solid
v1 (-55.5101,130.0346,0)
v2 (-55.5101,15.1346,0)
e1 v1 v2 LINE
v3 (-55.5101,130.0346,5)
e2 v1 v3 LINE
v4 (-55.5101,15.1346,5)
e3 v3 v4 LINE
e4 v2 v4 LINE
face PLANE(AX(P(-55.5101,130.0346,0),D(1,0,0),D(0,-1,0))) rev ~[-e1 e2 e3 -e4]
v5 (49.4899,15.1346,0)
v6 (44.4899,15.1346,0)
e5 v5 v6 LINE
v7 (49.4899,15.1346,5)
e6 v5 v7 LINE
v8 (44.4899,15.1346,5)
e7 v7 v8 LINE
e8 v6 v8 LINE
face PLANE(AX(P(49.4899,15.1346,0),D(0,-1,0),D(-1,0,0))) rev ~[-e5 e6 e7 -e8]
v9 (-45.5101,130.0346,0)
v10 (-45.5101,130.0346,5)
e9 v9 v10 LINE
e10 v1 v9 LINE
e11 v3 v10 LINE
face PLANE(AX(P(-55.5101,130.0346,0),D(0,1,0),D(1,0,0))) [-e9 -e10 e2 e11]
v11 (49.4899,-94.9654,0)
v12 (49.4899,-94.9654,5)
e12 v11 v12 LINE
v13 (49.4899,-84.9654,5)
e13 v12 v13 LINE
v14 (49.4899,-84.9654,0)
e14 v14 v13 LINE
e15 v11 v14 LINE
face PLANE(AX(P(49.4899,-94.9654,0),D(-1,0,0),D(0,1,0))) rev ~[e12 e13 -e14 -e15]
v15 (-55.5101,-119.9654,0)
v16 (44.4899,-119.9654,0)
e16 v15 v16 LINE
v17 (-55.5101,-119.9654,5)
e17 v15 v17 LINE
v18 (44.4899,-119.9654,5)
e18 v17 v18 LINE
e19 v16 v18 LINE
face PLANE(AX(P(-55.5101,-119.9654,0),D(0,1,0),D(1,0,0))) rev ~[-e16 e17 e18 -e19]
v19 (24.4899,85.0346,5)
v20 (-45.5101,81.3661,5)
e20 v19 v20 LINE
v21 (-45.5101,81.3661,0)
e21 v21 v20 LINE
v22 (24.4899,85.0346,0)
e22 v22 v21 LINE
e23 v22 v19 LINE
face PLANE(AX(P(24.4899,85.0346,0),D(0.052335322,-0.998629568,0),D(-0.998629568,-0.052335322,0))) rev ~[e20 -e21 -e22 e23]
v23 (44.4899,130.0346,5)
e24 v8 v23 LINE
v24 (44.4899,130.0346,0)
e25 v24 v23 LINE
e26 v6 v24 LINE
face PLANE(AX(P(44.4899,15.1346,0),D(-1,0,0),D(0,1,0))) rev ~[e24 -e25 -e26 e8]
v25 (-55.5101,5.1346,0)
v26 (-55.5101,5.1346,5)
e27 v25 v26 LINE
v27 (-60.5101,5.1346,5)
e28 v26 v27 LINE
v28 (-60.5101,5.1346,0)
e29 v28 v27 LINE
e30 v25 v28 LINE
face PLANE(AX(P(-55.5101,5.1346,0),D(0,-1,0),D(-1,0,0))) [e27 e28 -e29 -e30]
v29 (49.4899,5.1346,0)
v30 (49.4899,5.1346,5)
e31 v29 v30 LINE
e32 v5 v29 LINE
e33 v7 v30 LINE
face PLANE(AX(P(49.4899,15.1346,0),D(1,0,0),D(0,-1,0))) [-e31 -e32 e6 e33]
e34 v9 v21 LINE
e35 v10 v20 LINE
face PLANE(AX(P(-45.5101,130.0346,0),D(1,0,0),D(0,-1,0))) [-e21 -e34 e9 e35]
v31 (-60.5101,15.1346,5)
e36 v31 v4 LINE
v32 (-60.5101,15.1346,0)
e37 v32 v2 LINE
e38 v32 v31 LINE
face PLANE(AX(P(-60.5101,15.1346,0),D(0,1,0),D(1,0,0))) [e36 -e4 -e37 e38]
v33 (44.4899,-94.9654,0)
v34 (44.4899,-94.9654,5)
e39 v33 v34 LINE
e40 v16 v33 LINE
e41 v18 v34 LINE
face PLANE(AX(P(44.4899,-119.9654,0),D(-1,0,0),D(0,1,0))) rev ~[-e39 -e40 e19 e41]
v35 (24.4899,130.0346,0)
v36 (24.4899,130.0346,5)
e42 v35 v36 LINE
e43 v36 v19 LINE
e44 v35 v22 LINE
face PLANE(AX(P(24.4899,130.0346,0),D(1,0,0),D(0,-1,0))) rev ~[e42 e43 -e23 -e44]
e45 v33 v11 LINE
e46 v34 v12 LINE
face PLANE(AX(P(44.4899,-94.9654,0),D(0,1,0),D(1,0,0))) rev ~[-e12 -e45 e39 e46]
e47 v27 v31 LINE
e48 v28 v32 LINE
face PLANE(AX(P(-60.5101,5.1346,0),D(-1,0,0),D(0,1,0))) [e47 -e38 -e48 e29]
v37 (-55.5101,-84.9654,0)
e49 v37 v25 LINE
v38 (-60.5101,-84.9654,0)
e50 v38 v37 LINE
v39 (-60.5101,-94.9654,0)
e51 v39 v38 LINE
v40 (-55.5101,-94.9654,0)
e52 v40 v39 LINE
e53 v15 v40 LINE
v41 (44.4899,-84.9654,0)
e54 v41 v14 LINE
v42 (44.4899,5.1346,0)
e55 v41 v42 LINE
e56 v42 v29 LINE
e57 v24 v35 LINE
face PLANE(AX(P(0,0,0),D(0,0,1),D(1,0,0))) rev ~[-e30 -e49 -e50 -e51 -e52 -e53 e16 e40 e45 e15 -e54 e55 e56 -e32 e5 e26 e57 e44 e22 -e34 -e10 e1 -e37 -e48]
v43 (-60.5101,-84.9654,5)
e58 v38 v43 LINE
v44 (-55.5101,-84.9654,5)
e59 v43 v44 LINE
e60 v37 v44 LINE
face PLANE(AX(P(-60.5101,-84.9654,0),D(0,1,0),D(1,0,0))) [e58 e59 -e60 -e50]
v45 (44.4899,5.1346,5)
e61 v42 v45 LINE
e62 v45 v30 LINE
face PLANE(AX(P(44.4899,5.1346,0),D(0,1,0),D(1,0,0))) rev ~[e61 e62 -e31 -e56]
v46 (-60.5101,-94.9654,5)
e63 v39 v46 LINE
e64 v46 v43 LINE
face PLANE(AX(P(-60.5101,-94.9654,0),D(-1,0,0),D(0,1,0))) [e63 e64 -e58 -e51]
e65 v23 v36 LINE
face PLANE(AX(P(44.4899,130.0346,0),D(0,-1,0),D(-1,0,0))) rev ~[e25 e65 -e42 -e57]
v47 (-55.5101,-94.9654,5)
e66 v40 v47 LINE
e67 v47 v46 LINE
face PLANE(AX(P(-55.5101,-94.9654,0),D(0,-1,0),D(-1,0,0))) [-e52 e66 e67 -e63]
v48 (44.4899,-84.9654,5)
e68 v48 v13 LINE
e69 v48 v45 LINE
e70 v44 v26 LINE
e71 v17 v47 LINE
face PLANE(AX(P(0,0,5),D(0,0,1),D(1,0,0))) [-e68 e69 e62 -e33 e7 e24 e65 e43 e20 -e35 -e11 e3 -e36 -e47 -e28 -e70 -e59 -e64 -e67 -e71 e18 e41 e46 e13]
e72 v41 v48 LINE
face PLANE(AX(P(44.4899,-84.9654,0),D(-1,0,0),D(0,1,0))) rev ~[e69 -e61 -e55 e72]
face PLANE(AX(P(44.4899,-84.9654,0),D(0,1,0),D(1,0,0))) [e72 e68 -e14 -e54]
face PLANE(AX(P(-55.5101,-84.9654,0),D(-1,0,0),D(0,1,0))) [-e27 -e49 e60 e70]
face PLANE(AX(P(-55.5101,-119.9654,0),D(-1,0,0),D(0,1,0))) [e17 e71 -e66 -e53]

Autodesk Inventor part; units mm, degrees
ref_plane "YZ Plane" through (0, 0, 0) normal (1, 0, 0) x (0, 1, 0)
ref_plane "XZ Plane" through (0, 0, 0) normal (0, 1, 0) x (-1, 0, 0)
ref_plane "XY Plane" through (0, 0, 0) normal (0, 0, 1) x (1, 0, 0)
sketch "Sketch1" plane through (0, 0, 0) normal (0, 0, 1) x (1, 0, 0)
  line L0 (49.4899, 15.1346) -> (44.4899, 15.1346)
  line L1 (44.4899, 15.1346) -> (44.4899, 130.0346)
  line L2 (44.4899, 130.0346) -> (24.4899, 130.0346)
  line L3 (44.4899, -119.9654) -> (49.4899, -119.9654) construction
  line L4 (44.4899, 5.1346) -> (49.4899, 5.1346)
  line L5 (-55.5101, -119.9654) -> (44.4899, -119.9654)
  line L6 (-55.5101, -119.9654) -> (-55.5101, -94.9654)
  line L7 (-55.5101, -119.9654) -> (-65.5101, -119.9654) construction
  line L8 (-55.5101, -94.9654) -> (-60.5101, -94.9654)
  line L9 (-60.5101, -94.9654) -> (-60.5101, -84.9654)
  line L10 (-60.5101, -84.9654) -> (-55.5101, -84.9654)
  line L11 (-55.5101, -84.9654) -> (-55.5101, 5.1346)
  line L12 (-55.5101, 5.1346) -> (-60.5101, 5.1346)
  line L13 (24.4899, 130.0346) -> (24.4899, 85.0346)
  line L14 (24.4899, 85.0346) -> (-45.5101, 81.3661)
  line L15 (-45.5101, 130.0346) -> (-45.5101, 81.3661)
  line L16 (-55.5101, 130.0346) -> (-45.5101, 130.0346)
  line L17 (-60.5101, 15.1346) -> (-55.5101, 15.1346)
  line L18 (-60.5101, 15.1346) -> (-55.5101, 15.1346)
  line L19 (-60.5101, 5.1346) -> (-60.5101, 15.1346)
  line L20 (-60.5101, 5.1346) -> (-60.5101, 15.1346)
  line L21 (-55.5101, 5.1346) -> (-60.5101, 5.1346)
  line L22 (49.4899, -94.9654) -> (49.4899, -84.9654)
  line L23 (44.4899, -94.9654) -> (49.4899, -94.9654)
  line L24 (44.4899, -84.9654) -> (49.4899, -84.9654)
  line L25 (49.4899, 15.1346) -> (49.4899, 5.1346)
  line L26 (-55.5101, 130.0346) -> (-55.5101, 15.1346)
  line L27 (44.4899, -119.9654) -> (44.4899, -94.9654)
  line L28 (44.4899, -84.9654) -> (44.4899, 5.1346)
  line L29 (44.4899, -16.7997) -> (64.4899, -16.7997) construction
  point P0 (0, 0)
  point P1 (-7.6774, -16.7997)
  point P2 (34.4899, 130.0346)
  dimension "d0" = 100
  dimension "d1" = 20
  dimension "d2" = 45
  dimension "d3" = 93
  dimension "d4" = 10
  dimension "d5" = 10
  dimension "d6" = 10
  dimension "d7" = 10
  dimension "d8" = 5
  dimension "d9" = 5
  dimension "d10" = 5
  dimension "d11" = 48.6685
  dimension "d12" = 250
  dimension "d13" = 47.8327
  dimension "d14" = 114.9
  dimension "d15" = 114.9
  dimension "d16" = 20
extrude "Extrusion1" add sketch "Sketch1" along normal blind 5
properties part number "face"
